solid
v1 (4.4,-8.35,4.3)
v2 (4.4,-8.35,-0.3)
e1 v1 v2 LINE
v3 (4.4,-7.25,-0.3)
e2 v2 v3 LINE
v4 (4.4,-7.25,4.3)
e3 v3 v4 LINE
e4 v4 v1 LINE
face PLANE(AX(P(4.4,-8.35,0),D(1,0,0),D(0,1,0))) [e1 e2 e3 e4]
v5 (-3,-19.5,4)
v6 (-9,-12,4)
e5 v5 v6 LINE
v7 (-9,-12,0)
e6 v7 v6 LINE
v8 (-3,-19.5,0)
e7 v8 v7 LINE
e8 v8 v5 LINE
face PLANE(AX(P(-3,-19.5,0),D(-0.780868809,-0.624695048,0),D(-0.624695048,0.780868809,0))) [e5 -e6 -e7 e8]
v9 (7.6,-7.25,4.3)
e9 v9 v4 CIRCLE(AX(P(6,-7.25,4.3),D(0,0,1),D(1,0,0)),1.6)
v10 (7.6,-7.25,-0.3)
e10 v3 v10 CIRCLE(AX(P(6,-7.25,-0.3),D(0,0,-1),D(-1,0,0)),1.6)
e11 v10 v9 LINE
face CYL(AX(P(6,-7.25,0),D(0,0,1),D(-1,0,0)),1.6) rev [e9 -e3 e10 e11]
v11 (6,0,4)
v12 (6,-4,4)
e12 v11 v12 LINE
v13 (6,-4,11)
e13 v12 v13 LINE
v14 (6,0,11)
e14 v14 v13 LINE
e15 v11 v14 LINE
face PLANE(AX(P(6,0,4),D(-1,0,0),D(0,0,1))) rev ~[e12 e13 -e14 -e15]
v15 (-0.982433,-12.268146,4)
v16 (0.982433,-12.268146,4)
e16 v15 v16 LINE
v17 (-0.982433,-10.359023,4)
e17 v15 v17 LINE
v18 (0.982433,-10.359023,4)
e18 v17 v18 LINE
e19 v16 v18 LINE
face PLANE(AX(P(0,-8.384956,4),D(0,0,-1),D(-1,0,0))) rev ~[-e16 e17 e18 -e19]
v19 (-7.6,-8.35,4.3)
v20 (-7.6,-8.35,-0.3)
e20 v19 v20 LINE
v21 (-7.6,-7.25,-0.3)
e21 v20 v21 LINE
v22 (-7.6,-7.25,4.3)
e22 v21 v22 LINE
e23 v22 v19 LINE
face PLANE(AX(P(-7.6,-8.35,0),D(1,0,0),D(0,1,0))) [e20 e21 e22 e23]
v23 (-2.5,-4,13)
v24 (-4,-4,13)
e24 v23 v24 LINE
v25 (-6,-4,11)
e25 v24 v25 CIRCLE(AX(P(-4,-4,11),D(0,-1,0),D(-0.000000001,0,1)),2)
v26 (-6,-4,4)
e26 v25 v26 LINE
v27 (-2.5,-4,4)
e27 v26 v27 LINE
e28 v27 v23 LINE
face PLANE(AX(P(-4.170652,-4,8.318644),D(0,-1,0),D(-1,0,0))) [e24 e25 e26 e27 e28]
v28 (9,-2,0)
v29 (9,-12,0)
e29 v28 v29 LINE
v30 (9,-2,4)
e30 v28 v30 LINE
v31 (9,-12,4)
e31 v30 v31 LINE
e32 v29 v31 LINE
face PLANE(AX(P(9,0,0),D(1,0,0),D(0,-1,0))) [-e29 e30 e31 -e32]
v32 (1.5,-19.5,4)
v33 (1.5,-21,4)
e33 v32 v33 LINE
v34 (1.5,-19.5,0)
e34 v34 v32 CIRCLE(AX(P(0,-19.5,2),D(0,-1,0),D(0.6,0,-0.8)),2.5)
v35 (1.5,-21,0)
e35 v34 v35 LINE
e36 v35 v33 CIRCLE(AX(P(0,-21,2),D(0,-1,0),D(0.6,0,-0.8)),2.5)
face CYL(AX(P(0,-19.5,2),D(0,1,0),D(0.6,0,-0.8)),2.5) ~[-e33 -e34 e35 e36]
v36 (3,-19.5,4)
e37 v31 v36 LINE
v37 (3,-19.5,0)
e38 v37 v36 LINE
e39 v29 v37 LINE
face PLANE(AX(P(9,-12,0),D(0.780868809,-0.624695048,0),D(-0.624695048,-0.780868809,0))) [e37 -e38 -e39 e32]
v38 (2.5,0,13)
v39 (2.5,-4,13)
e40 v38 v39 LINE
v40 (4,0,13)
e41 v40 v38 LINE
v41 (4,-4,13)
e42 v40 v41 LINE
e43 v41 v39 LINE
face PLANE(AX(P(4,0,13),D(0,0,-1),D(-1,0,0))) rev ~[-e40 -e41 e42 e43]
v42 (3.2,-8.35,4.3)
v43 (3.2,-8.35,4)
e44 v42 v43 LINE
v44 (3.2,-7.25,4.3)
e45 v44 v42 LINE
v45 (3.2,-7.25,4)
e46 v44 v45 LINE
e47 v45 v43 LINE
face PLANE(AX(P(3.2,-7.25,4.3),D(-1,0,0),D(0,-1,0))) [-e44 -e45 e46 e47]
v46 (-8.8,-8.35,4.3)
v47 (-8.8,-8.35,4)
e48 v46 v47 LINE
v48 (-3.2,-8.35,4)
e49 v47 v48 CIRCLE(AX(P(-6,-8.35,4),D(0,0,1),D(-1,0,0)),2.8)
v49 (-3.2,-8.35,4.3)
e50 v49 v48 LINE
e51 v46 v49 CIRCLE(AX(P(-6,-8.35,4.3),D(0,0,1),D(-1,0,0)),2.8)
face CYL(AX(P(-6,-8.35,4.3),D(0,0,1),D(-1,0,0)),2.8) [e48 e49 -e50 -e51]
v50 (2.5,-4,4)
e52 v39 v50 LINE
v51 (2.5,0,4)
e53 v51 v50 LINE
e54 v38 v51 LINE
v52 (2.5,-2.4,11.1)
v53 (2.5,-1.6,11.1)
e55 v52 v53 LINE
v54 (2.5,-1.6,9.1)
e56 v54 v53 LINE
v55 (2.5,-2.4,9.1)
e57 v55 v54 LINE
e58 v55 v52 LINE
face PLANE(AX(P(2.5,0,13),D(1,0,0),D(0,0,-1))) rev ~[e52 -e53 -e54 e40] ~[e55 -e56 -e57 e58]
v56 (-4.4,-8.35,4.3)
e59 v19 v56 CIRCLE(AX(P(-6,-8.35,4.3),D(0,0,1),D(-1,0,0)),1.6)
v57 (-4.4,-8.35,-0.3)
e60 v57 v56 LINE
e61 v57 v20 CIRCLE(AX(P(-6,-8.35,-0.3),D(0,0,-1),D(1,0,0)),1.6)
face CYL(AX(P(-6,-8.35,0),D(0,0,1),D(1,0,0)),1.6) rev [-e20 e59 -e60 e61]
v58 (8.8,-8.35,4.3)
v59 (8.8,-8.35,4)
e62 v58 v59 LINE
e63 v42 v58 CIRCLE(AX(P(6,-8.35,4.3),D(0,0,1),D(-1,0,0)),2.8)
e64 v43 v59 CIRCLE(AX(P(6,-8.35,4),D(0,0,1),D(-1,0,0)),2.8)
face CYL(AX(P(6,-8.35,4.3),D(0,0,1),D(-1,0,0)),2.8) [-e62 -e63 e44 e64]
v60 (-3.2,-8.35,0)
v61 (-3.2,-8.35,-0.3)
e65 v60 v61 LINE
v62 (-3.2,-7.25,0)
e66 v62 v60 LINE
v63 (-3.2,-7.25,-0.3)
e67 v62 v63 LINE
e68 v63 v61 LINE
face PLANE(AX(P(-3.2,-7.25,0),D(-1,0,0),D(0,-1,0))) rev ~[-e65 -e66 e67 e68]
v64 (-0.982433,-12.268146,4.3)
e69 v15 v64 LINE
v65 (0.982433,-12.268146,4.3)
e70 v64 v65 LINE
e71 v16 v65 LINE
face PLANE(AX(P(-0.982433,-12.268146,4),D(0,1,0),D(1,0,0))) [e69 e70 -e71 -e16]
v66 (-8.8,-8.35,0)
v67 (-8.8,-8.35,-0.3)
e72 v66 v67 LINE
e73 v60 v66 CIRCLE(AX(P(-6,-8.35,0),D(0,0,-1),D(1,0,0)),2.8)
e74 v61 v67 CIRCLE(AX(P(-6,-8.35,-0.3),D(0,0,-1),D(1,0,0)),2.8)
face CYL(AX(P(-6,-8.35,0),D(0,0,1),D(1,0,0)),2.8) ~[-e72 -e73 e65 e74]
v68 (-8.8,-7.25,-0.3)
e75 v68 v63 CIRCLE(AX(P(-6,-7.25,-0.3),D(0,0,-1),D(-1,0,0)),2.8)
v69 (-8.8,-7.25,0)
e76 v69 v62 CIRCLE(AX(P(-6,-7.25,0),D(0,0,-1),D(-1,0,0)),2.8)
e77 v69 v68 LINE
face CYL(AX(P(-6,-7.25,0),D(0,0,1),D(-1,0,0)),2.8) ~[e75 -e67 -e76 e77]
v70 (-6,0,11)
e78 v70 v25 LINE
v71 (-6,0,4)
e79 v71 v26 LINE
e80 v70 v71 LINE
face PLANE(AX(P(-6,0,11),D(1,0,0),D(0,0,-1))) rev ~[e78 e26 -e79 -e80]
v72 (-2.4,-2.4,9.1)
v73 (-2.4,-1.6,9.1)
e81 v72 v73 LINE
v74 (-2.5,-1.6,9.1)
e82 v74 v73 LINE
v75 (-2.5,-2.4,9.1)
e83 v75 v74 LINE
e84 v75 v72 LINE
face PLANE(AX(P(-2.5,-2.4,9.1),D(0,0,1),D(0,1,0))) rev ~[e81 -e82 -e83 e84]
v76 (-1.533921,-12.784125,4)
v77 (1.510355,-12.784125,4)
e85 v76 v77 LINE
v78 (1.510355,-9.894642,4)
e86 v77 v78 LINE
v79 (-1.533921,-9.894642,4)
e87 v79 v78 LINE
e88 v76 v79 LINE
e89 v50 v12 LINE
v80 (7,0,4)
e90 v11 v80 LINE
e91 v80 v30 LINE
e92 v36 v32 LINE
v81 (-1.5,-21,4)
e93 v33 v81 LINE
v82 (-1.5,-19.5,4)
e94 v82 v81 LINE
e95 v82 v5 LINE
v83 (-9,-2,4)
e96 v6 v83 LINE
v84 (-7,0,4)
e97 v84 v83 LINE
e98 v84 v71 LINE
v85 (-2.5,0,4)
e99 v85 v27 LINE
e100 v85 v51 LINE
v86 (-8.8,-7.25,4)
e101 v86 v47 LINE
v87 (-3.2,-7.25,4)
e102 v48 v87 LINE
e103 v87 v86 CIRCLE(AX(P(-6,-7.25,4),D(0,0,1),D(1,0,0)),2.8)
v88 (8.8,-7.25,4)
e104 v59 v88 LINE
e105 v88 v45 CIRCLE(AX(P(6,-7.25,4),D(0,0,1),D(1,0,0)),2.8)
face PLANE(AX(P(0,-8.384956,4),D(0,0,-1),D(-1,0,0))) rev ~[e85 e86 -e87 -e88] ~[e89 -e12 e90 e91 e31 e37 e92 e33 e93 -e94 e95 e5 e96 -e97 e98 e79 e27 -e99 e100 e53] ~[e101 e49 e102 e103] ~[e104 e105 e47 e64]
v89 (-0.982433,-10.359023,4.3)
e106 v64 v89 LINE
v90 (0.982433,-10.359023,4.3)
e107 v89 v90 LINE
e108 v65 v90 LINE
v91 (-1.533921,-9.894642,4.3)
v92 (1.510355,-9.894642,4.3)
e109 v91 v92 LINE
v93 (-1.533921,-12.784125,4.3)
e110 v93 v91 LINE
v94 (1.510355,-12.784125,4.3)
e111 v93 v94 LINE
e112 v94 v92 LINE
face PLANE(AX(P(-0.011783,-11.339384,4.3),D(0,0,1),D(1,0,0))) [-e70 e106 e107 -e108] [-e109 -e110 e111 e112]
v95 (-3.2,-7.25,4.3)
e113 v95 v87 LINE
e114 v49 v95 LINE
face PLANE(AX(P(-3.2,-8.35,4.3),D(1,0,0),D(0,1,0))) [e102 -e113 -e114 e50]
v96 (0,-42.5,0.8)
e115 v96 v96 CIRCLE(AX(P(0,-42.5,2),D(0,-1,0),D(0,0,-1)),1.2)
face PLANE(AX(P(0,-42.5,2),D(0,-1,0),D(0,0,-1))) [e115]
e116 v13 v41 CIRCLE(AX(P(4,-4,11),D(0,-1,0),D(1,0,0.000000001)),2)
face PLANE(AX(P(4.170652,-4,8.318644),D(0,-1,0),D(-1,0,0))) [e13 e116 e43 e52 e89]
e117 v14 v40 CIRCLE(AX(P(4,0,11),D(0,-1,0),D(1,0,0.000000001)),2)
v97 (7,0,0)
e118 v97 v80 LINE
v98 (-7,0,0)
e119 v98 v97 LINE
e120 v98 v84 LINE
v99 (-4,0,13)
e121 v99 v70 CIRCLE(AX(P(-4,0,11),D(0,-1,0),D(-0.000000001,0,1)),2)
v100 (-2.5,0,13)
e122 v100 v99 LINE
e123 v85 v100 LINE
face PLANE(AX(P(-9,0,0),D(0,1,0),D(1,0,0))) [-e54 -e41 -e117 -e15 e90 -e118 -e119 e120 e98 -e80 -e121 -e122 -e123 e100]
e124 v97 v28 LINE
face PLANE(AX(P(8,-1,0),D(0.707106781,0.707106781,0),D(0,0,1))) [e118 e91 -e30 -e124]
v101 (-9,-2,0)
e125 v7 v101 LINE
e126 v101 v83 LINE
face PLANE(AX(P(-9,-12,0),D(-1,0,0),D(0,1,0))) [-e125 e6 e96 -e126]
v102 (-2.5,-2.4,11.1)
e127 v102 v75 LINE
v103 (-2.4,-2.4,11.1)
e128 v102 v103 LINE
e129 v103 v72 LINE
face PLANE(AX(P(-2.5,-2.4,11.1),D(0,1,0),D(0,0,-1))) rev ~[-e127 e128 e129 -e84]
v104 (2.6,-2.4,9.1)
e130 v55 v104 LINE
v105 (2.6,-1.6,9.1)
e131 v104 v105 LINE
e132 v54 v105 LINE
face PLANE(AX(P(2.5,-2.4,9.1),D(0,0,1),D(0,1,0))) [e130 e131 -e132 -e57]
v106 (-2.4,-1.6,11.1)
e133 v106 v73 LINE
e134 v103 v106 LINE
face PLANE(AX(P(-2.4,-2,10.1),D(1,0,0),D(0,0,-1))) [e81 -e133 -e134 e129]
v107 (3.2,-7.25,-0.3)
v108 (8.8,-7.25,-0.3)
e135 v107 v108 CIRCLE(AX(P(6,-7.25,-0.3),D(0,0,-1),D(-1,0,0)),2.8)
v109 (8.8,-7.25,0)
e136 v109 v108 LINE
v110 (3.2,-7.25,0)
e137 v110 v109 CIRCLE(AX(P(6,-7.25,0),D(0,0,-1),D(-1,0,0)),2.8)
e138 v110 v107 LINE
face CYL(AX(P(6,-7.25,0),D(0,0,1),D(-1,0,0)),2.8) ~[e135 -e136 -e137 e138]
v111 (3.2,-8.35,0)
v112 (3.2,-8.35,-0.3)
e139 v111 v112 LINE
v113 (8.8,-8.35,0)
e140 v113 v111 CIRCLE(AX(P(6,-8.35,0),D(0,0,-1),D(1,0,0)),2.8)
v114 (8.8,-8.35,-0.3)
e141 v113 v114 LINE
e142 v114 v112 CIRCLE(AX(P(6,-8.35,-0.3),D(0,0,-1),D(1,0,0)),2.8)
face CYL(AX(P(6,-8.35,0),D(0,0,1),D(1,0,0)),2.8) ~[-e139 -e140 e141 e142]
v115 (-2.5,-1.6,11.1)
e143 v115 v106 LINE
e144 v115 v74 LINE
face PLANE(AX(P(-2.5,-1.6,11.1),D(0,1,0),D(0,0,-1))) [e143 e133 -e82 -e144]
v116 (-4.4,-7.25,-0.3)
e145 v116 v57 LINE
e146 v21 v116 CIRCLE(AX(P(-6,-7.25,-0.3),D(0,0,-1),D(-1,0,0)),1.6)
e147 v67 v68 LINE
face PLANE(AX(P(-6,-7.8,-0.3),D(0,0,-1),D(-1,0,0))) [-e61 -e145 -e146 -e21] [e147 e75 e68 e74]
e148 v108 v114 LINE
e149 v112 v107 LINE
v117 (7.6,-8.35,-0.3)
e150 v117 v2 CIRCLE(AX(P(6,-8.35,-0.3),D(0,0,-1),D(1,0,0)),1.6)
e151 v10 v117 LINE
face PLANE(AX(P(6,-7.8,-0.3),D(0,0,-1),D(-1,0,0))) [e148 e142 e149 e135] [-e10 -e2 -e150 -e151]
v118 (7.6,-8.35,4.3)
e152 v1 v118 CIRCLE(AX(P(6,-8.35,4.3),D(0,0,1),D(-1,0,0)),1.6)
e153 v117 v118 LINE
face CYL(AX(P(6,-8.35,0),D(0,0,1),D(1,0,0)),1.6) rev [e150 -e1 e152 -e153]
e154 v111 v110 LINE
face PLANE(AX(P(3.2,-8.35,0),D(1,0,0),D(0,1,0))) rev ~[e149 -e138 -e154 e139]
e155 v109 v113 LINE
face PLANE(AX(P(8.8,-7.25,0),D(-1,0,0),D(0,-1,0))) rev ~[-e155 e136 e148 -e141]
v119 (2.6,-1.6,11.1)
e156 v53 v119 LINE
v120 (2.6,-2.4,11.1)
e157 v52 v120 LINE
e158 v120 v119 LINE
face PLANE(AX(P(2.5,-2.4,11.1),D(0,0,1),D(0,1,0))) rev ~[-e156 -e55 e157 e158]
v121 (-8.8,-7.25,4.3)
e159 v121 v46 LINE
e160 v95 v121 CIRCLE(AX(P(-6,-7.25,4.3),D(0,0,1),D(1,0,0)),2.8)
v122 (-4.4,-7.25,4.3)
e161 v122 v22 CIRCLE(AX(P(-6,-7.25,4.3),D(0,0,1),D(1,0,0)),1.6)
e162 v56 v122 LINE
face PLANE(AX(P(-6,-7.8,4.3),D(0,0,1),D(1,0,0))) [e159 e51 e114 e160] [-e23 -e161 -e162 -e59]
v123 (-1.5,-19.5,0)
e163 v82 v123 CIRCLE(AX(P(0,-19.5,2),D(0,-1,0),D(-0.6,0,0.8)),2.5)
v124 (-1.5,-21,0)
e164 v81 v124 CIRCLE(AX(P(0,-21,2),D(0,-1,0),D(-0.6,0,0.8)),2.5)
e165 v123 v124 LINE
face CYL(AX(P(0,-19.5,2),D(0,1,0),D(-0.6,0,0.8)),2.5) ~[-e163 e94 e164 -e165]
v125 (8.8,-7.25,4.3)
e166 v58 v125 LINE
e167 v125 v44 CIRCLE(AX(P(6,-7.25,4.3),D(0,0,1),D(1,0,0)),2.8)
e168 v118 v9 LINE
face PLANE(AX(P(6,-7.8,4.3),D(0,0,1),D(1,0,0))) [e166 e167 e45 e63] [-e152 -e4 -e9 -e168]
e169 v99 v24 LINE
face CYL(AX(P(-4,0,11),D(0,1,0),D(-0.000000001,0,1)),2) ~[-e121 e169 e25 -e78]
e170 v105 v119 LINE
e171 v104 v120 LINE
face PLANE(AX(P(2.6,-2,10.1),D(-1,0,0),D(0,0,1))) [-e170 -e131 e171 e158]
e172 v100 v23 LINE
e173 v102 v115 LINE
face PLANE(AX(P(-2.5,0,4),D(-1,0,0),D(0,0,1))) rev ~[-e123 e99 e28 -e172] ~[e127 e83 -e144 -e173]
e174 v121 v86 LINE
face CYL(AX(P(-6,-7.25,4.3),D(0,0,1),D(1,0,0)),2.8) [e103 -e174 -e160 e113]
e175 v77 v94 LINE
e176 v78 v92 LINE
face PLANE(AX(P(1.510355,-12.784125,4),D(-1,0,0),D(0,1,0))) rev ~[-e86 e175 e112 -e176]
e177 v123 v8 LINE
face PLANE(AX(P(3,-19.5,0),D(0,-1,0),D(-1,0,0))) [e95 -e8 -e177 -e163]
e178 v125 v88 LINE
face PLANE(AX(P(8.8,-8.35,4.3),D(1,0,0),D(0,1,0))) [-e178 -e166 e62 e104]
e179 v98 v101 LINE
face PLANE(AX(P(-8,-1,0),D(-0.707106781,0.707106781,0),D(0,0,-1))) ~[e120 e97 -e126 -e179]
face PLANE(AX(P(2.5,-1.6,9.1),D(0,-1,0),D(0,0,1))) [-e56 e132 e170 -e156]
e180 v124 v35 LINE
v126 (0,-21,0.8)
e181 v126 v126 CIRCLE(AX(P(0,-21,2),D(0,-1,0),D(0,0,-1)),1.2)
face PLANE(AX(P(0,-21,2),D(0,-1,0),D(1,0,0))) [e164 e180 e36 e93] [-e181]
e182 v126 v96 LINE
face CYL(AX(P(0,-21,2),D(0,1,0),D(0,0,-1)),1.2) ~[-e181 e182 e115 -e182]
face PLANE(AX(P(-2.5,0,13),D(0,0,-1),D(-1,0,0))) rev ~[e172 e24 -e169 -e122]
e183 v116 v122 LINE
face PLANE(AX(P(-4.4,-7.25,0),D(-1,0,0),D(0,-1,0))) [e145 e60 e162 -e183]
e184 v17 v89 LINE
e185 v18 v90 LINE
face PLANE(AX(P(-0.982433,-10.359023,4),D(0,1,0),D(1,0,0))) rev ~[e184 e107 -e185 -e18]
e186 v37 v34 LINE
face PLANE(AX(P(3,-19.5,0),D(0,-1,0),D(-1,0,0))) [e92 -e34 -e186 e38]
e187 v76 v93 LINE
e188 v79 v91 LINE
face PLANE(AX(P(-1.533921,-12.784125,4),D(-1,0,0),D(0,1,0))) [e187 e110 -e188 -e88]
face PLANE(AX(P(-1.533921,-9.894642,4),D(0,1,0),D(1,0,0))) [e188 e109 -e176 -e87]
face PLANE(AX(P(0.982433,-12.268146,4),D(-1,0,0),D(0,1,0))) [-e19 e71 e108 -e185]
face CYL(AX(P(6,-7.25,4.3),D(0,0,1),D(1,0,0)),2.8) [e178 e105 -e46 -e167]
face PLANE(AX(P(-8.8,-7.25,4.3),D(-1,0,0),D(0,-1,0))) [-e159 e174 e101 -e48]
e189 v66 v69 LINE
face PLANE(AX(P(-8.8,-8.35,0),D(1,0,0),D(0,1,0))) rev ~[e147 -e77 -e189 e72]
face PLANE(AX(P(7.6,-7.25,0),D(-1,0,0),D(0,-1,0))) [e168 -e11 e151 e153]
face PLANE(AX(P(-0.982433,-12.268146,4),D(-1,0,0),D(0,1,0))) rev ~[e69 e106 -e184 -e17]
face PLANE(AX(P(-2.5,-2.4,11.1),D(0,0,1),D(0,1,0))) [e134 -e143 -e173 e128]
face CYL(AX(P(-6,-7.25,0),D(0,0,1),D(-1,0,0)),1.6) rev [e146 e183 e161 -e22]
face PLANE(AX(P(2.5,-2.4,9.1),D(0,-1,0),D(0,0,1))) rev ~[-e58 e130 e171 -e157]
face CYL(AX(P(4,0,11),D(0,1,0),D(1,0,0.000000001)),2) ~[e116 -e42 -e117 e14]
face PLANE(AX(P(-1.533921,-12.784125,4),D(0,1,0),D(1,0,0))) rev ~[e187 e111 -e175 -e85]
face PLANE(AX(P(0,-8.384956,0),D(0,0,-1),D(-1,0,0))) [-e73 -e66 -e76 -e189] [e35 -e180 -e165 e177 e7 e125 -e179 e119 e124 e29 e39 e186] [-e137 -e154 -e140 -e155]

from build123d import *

# Parameters (mm, degrees)
EXTRUDE_1_DEPTH     = 4
EXTRUDE_2_DEPTH     = 4
EXTRUDE_3_DEPTH     = 1.5
SKETCH_4_R          = 1.2
EXTRUDE_4_DEPTH     = 21.5
CHAMFER_1_SIZE      = 2
SKETCH_5_W          = 2
SKETCH_5_H          = 0.8
EXTRUDE_7_DEPTH     = 0.1
SKETCH_6_W          = 2
SKETCH_6_H          = 0.8
CUT_EXTRUDE_2_DEPTH = 0.1
CUT_EXTRUDE_3_REACH = 46.365
EXTRUDE_START       = 0.3
EXTRUDE_8_DEPTH     = 0.3
EXTRUDE_9_DEPTH     = 0.3
SKETCH_10_W         = 3.044276786
SKETCH_10_H         = 2.889483051
SKETCH_10_W_2       = 1.964865926
SKETCH_10_H_2       = 1.90912273
EXTRUDE_10_DEPTH    = 0.3


with BuildPart() as part:
    # 草圖1 → 伸長1 (new body)
    with BuildSketch(Plane.XY):
        Polygon((-9, 0), (9, 0), (9, -12), (3, -19.5), (-3, -19.5), (-9, -12), align=None)
    extrude(amount=EXTRUDE_1_DEPTH)

    # 草圖2 → 伸長2 (add)
    with BuildSketch(Plane(origin=(0, 0, 0), x_dir=(1, 0, 0), z_dir=(0, 1, 0))):
        with BuildLine():
            Line((-6, -4), (-2.5, -4))
            Line((-2.5, -4), (-2.5, -13))
            Line((-2.5, -13), (-4, -13))
            ThreePointArc((-4, -13), (-5.414213562, -12.414213562), (-6, -11))
            Line((-6, -11), (-6, -4))
        make_face()
        with BuildLine():
            Line((2.5, -4), (6, -4))
            Line((6, -4), (6, -11))
            ThreePointArc((6, -11), (5.414213562, -12.414213562), (4, -13))
            Line((4, -13), (2.5, -13))
            Line((2.5, -13), (2.5, -4))
        make_face()
    extrude(amount=-EXTRUDE_2_DEPTH)

    # 草圖3 → 伸長3 (add)
    with BuildSketch(Plane.XZ.offset(19.5)):
        with BuildLine():
            Line((-1.5, 0), (1.5, 0))
            ThreePointArc((1.5, 0), (2.5, 2), (1.5, 4))
            Line((1.5, 4), (-1.5, 4))
            ThreePointArc((-1.5, 4), (-2.5, 2), (-1.5, 0))
        make_face()
    extrude(amount=EXTRUDE_3_DEPTH)

    # 草圖4 → 伸長4 (add)
    with BuildSketch(Plane.XZ.offset(21)):
        with Locations(Location((0, 2, 0), (0, 0, 270))):
            Circle(SKETCH_4_R)
    extrude(amount=EXTRUDE_4_DEPTH)

    # 導角1
    chamfer_1_edges = [part.edges().sort_by_distance(p)[0] for p in [
        (9, 0, 2),
        (-9, 0, 2),
    ]]
    chamfer(chamfer_1_edges, length=CHAMFER_1_SIZE)

    # 草圖5 → 伸長7 (add)
    with BuildSketch(Plane(origin=(-2.5, 0, 0), x_dir=(0, 0, -1), z_dir=(1, 0, 0))):
        with Locations((-10.1, -2)):
            Rectangle(SKETCH_5_W, SKETCH_5_H)
    extrude(amount=EXTRUDE_7_DEPTH)

    # 草圖6 → 除料-伸長2 (cut)
    with BuildSketch(Plane.ZY.offset(-2.5)):
        with Locations((10.1, -2)):
            Rectangle(SKETCH_6_W, SKETCH_6_H)
    extrude(amount=-CUT_EXTRUDE_2_DEPTH, mode=Mode.SUBTRACT)

    # 草圖7 → 除料-伸長3 (cut, up to next)
    with BuildSketch(Plane.XY.offset(4), mode=Mode.PRIVATE) as cut_extrude_3_sk1:
        with BuildLine():
            Line((-7.6, -7.25), (-7.6, -8.35))
            ThreePointArc((-7.6, -8.35), (-6, -9.95), (-4.4, -8.35))
            Line((-4.4, -8.35), (-4.4, -7.25))
            ThreePointArc((-4.4, -7.25), (-6, -5.65), (-7.6, -7.25))
        make_face()
    cut_extrude_3_tool1 = extrude(cut_extrude_3_sk1.sketch, amount=-CUT_EXTRUDE_3_REACH, mode=Mode.PRIVATE) & part.part
    # 草圖7 → 除料-伸長3 (cut, up to next)
    with BuildSketch(Plane.XY.offset(4), mode=Mode.PRIVATE) as cut_extrude_3_sk2:
        with BuildLine():
            Line((4.4, -7.25), (4.4, -8.35))
            ThreePointArc((4.4, -8.35), (6, -9.95), (7.6, -8.35))
            Line((7.6, -8.35), (7.6, -7.25))
            ThreePointArc((7.6, -7.25), (6, -5.65), (4.4, -7.25))
        make_face()
    cut_extrude_3_tool2 = extrude(cut_extrude_3_sk2.sketch, amount=-CUT_EXTRUDE_3_REACH, mode=Mode.PRIVATE) & part.part
    add(cut_extrude_3_tool1.solids().sort_by_distance((-6, -7.8, 4))[0], mode=Mode.SUBTRACT)
    add(cut_extrude_3_tool2.solids().sort_by_distance((6, -7.8, 4))[0], mode=Mode.SUBTRACT)

    # 草圖8 → 伸長8 (add)
    # profile 1 of 2: a face of its own
    with BuildSketch(Plane.XY.offset(4).offset(EXTRUDE_START)):
        with BuildLine():
            Line((3.2, -7.25), (3.2, -8.35))
            ThreePointArc((3.2, -8.35), (6, -11.15), (8.8, -8.35))
            Line((8.8, -8.35), (8.8, -7.25))
            ThreePointArc((8.8, -7.25), (6, -4.45), (3.2, -7.25))
        make_face()
        with BuildLine():
            Line((4.4, -7.25), (4.4, -8.35))
            ThreePointArc((4.4, -8.35), (6, -9.95), (7.6, -8.35))
            Line((7.6, -8.35), (7.6, -7.25))
            ThreePointArc((7.6, -7.25), (6, -5.65), (4.4, -7.25))
        make_face(mode=Mode.SUBTRACT)
    # profile 2 of 2: a face of its own
    with BuildSketch(Plane.XY.offset(4).offset(EXTRUDE_START)):
        with BuildLine():
            Line((-8.8, -7.25), (-8.8, -8.35))
            ThreePointArc((-8.8, -8.35), (-6, -11.15), (-3.2, -8.35))
            Line((-3.2, -8.35), (-3.2, -7.25))
            ThreePointArc((-3.2, -7.25), (-6, -4.45), (-8.8, -7.25))
        make_face()
        with BuildLine():
            Line((-7.6, -7.25), (-7.6, -8.35))
            ThreePointArc((-7.6, -8.35), (-6, -9.95), (-4.4, -8.35))
            Line((-4.4, -8.35), (-4.4, -7.25))
            ThreePointArc((-4.4, -7.25), (-6, -5.65), (-7.6, -7.25))
        make_face(mode=Mode.SUBTRACT)
    extrude(amount=-EXTRUDE_8_DEPTH)

    # 草圖9 → 伸長9 (add)
    # profile 1 of 2: a face of its own
    with BuildSketch(Plane(origin=(0, 0, 0), x_dir=(-1, 0, 0), z_dir=(0, 0, -1))):
        with BuildLine():
            Line((-3.2, -8.35), (-3.2, -7.25))
            ThreePointArc((-3.2, -7.25), (-6, -4.45), (-8.8, -7.25))
            Line((-8.8, -7.25), (-8.8, -8.35))
            ThreePointArc((-8.8, -8.35), (-6, -11.15), (-3.2, -8.35))
        make_face()
        with BuildLine():
            Line((-4.4, -8.35), (-4.4, -7.25))
            ThreePointArc((-4.4, -7.25), (-6, -5.65), (-7.6, -7.25))
            Line((-7.6, -7.25), (-7.6, -8.35))
            ThreePointArc((-7.6, -8.35), (-6, -9.95), (-4.4, -8.35))
        make_face(mode=Mode.SUBTRACT)
    # profile 2 of 2: a face of its own
    with BuildSketch(Plane(origin=(0, 0, 0), x_dir=(-1, 0, 0), z_dir=(0, 0, -1))):
        with BuildLine():
            Line((8.8, -8.35), (8.8, -7.25))
            ThreePointArc((8.8, -7.25), (6, -4.45), (3.2, -7.25))
            Line((3.2, -7.25), (3.2, -8.35))
            ThreePointArc((3.2, -8.35), (6, -11.15), (8.8, -8.35))
        make_face()
        with BuildLine():
            Line((7.6, -8.35), (7.6, -7.25))
            ThreePointArc((7.6, -7.25), (6, -5.65), (4.4, -7.25))
            Line((4.4, -7.25), (4.4, -8.35))
            ThreePointArc((4.4, -8.35), (6, -9.95), (7.6, -8.35))
        make_face(mode=Mode.SUBTRACT)
    extrude(amount=EXTRUDE_9_DEPTH)

    # 草圖10 → 伸長10 (add)
    with BuildSketch(Plane.XY.offset(4)):
        with Locations((-0.011782979, -11.3393837)):
            Rectangle(SKETCH_10_W, SKETCH_10_H)
        with Locations((0, -11.313584744)):
            Rectangle(SKETCH_10_W_2, SKETCH_10_H_2, mode=Mode.SUBTRACT)
    extrude(amount=EXTRUDE_10_DEPTH)


solid = part.part
